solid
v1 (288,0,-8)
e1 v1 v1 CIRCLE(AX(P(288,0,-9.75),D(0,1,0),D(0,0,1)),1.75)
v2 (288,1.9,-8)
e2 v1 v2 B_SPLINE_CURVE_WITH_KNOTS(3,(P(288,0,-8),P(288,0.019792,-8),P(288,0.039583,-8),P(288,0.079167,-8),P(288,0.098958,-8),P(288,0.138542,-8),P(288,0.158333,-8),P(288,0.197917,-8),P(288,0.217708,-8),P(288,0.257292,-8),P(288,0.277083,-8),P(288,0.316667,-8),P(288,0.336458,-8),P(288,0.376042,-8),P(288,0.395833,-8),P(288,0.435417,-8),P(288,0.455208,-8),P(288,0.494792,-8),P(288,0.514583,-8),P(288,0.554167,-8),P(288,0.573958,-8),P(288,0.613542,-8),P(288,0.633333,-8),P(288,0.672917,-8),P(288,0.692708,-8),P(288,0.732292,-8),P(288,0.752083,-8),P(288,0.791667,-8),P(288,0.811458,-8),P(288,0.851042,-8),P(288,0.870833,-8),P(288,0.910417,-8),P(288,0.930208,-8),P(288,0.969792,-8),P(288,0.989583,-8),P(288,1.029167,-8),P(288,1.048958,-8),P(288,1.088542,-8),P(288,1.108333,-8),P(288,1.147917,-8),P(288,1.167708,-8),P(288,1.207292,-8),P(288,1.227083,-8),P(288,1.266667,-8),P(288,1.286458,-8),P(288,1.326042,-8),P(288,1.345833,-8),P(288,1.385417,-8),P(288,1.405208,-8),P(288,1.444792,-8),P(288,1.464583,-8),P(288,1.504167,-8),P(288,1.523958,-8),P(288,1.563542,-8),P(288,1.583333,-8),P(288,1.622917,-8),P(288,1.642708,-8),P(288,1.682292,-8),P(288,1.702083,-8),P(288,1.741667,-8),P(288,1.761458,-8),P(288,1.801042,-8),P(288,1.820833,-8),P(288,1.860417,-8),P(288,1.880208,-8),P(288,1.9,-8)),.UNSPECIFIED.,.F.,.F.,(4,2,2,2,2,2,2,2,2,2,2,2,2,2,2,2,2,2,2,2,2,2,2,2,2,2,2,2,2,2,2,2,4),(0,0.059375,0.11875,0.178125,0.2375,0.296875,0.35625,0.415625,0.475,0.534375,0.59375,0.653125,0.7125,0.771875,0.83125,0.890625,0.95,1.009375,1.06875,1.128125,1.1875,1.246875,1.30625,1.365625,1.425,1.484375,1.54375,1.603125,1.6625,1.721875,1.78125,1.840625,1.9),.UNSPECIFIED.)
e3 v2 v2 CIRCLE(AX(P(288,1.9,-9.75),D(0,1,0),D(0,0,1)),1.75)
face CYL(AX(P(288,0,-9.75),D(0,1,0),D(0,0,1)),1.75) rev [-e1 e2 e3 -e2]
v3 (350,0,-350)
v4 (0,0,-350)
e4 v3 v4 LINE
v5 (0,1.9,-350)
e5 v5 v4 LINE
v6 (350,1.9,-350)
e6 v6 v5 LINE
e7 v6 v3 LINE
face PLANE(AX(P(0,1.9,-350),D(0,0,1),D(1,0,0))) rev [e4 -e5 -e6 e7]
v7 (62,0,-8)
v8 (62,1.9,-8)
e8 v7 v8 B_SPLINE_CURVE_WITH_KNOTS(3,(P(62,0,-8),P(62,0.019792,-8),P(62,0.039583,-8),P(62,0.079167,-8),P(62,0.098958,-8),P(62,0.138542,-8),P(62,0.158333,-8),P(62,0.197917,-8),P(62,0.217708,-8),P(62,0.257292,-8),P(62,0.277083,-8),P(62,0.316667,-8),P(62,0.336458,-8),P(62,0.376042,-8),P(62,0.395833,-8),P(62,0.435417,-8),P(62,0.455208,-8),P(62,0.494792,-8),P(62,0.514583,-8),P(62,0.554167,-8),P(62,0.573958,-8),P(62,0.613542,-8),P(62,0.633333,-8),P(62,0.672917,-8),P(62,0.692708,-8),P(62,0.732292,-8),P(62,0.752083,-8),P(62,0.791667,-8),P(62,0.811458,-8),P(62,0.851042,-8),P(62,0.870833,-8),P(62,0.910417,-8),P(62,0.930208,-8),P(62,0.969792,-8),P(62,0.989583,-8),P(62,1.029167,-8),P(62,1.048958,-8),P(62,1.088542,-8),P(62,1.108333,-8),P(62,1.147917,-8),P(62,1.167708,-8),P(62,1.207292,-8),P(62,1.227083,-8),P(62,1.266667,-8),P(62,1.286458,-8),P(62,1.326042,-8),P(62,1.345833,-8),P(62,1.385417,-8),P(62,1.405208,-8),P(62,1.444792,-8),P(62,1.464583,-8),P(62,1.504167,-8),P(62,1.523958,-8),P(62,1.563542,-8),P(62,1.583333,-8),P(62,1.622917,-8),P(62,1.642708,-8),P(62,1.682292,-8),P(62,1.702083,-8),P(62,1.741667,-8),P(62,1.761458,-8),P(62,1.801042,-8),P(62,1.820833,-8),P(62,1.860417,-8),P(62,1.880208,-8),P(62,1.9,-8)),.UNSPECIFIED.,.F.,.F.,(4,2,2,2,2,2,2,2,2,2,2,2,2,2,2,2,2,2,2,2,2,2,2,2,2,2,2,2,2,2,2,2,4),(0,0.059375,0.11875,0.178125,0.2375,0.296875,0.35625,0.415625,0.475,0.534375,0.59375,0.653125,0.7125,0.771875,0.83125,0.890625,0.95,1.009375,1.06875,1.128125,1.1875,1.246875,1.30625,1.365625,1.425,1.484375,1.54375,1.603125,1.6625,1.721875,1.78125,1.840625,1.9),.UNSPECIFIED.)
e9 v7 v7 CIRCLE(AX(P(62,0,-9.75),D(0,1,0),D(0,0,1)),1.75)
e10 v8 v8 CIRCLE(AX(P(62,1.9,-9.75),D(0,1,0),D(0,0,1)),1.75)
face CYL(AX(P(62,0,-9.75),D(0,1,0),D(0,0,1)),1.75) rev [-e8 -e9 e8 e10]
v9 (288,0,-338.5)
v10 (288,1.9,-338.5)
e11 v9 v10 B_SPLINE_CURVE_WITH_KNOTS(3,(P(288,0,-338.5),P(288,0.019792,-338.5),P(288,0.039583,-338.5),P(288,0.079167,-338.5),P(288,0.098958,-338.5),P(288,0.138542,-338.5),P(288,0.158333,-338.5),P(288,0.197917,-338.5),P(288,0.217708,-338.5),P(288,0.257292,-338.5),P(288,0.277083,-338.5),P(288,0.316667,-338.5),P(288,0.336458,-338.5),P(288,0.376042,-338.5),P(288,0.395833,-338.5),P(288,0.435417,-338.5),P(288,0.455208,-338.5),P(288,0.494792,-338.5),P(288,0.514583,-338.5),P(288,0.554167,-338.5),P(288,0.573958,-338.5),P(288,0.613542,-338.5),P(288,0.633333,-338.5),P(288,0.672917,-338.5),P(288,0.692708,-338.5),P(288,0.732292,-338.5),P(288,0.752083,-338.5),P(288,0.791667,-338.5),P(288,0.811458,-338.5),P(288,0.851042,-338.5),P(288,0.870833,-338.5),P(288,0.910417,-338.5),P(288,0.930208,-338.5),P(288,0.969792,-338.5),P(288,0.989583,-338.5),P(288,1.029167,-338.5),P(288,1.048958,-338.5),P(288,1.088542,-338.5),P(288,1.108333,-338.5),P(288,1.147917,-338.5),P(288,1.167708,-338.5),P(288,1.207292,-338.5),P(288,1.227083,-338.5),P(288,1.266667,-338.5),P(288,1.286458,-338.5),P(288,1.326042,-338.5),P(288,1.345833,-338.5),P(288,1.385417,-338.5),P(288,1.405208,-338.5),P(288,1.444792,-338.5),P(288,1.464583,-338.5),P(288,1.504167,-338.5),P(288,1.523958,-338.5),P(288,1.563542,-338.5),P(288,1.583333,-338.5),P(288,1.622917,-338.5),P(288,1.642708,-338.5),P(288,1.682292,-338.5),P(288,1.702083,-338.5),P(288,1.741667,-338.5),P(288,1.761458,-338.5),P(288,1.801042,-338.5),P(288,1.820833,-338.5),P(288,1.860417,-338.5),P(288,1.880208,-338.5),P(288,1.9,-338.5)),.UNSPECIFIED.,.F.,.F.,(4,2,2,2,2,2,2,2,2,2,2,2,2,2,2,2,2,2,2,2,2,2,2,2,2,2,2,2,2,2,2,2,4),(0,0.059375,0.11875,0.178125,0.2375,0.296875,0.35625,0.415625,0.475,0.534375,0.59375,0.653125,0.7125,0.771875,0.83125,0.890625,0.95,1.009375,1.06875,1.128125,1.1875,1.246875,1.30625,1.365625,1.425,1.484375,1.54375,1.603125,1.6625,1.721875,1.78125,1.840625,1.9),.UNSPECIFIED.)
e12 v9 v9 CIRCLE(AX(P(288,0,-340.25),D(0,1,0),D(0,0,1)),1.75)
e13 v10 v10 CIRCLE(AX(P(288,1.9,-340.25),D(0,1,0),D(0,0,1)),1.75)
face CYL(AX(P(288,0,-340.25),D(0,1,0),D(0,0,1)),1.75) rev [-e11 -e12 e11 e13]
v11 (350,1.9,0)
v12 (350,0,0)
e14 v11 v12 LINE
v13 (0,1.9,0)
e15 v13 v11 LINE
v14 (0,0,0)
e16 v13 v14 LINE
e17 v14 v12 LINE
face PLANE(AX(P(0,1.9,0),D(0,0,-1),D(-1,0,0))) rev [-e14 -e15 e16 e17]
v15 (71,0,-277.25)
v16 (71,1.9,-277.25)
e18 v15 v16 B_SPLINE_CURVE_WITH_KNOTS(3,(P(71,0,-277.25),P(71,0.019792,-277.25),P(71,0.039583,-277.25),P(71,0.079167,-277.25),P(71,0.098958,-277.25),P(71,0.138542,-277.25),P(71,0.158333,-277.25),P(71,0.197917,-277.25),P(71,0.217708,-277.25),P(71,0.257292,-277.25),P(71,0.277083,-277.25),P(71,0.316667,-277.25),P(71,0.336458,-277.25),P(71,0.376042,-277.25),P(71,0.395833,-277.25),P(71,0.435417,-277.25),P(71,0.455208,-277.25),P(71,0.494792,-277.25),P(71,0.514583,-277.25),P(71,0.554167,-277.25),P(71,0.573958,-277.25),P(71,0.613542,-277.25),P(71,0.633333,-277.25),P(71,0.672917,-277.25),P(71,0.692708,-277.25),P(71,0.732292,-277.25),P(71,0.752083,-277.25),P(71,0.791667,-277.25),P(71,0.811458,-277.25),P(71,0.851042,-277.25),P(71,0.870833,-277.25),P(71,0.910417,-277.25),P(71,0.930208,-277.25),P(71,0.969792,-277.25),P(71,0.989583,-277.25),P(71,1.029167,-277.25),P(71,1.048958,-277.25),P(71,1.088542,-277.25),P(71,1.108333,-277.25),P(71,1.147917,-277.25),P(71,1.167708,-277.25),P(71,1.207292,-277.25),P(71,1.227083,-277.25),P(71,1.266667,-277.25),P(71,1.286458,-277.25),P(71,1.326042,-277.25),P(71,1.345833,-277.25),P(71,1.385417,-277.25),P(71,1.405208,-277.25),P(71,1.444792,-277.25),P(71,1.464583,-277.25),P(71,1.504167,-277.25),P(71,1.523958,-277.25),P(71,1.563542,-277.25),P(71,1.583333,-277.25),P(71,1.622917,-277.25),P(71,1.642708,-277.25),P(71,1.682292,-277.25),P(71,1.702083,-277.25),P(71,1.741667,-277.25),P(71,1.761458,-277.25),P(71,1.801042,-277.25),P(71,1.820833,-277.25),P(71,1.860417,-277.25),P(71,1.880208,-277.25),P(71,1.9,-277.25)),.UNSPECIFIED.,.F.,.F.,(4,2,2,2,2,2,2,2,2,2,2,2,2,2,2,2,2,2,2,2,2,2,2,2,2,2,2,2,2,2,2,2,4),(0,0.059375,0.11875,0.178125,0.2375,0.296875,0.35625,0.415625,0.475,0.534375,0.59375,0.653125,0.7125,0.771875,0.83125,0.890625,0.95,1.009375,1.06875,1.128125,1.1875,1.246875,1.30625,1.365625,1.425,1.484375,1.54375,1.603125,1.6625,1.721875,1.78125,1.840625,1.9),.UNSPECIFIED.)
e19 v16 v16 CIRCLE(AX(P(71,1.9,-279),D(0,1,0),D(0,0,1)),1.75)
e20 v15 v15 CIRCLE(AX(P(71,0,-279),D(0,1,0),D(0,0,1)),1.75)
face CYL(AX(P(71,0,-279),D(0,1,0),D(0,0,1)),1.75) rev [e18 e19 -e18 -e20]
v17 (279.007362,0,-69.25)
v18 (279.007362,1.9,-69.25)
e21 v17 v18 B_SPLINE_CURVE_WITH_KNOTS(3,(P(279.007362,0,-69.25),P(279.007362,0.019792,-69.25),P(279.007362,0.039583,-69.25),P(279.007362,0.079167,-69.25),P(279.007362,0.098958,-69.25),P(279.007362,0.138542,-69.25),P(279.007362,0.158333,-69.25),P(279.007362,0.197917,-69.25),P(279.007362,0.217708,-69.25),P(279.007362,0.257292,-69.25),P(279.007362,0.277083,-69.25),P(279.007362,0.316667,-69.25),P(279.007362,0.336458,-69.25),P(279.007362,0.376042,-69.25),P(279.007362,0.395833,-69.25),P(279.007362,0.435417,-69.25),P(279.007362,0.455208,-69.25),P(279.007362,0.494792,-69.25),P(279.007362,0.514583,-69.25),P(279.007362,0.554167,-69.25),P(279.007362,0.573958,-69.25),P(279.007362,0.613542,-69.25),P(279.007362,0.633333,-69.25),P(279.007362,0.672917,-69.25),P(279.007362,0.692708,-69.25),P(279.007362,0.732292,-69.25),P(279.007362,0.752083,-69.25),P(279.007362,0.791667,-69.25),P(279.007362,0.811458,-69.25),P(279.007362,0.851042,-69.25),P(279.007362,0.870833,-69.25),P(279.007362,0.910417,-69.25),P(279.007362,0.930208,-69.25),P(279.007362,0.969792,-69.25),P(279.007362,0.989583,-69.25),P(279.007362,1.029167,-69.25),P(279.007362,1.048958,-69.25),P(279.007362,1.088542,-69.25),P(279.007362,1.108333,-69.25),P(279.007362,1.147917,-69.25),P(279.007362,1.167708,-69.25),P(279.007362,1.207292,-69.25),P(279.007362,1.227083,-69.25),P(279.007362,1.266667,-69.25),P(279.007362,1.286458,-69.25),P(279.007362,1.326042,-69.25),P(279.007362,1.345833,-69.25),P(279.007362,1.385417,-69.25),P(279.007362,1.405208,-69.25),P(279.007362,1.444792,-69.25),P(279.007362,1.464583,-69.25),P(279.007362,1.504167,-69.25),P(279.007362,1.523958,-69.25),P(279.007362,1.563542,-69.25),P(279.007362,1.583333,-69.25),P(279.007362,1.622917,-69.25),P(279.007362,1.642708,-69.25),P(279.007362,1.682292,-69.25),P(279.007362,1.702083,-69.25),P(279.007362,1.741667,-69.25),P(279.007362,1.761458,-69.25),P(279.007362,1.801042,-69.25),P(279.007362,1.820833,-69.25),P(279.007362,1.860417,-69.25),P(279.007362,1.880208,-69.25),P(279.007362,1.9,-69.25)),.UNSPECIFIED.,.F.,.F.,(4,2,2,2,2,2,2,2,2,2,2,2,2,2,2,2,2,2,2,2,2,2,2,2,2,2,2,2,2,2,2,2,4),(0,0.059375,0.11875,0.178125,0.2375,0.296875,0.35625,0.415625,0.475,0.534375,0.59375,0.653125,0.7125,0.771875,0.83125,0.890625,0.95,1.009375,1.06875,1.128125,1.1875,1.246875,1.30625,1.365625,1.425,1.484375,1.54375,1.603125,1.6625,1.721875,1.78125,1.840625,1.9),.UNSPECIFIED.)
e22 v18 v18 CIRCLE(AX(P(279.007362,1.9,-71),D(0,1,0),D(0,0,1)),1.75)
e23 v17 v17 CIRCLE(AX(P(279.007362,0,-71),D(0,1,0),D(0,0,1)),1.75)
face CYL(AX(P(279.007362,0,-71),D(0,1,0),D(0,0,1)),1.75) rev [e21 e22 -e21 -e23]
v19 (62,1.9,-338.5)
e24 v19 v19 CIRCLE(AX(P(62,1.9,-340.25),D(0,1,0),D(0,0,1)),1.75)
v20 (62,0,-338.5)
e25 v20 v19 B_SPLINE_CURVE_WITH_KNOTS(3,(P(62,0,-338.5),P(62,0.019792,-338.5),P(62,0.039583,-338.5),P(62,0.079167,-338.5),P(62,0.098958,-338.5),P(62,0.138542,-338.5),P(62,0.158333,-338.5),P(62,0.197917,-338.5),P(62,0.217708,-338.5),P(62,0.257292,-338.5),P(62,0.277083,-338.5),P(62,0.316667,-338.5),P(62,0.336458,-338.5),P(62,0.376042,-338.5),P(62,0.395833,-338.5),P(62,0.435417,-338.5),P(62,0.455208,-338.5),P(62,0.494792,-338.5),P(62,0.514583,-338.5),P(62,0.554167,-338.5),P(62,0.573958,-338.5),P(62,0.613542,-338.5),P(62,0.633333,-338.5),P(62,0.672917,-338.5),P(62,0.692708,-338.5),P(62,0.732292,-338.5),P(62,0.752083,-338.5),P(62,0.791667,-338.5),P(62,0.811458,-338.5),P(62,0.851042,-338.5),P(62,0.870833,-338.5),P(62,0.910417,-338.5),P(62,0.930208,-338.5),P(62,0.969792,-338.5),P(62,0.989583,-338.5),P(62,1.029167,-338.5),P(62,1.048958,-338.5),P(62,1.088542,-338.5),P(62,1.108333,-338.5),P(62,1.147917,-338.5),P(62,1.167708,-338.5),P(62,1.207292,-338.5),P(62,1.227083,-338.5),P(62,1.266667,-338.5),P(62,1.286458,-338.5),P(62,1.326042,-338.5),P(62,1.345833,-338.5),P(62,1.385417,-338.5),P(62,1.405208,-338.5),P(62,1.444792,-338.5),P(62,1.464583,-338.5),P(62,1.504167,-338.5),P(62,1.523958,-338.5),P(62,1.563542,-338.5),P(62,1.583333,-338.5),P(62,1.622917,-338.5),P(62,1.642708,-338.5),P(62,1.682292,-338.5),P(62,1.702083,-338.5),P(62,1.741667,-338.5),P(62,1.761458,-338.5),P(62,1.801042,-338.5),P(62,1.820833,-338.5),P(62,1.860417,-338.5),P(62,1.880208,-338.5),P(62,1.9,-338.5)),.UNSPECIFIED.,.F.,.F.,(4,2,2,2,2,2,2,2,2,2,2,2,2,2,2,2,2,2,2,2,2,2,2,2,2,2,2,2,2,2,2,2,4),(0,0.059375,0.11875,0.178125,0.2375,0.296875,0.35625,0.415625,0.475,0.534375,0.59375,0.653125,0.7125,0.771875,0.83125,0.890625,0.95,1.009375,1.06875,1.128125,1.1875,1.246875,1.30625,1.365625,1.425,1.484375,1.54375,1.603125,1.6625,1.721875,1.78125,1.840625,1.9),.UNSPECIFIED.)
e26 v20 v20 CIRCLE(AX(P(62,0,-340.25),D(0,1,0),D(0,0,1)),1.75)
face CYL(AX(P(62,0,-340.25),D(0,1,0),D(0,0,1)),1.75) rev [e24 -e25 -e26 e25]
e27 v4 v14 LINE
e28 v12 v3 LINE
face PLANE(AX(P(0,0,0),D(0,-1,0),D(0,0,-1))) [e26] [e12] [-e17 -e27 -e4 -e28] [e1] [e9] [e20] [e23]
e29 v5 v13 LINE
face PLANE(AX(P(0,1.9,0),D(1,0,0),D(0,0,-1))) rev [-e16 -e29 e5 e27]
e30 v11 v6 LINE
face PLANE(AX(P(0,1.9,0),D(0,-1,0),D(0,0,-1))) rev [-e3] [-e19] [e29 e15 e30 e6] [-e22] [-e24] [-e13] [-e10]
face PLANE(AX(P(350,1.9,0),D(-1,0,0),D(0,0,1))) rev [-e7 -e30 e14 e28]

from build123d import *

# Parameters (mm, degrees)
SKETCH1_W           = 350
SKETCH1_H           = 350
BOSS_EXTRUDE1_DEPTH = 1.9
SKETCH2_R           = 1.75
CUT_EXTRUDE2_DEPTH  = 495.978393468


with BuildPart() as part:
    # Sketch1 → Boss-Extrude1 (new body)
    with BuildSketch(Plane(origin=(0, 0, 0), x_dir=(1, 0, 0), z_dir=(0, 1, 0))):
        with Locations((175, 175)):
            Rectangle(SKETCH1_W, SKETCH1_H)
    extrude(amount=BOSS_EXTRUDE1_DEPTH)

    # Sketch2 → Cut-Extrude2 (cut, through all)
    with BuildSketch(Plane(origin=(0, 1.9, 0), x_dir=(1, 0, 0), z_dir=(0, 1, 0))):
        with Locations(Location((62, 340.25, 0), (0, 0, 270))):
            Circle(SKETCH2_R)
        with Locations(Location((288, 340.25, 0), (0, 0, 270))):
            Circle(SKETCH2_R)
        with Locations(Location((62, 9.75, 0), (0, 0, 270))):
            Circle(SKETCH2_R)
        with Locations(Location((288, 9.75, 0), (0, 0, 270))):
            Circle(SKETCH2_R)
        with Locations(Location((71, 279, 0), (0, 0, 270))):
            Circle(SKETCH2_R)
        with Locations(Location((279.007361649, 71, 0), (0, 0, 270))):
            Circle(SKETCH2_R)
    extrude(amount=-CUT_EXTRUDE2_DEPTH, mode=Mode.SUBTRACT)


solid = part.part
